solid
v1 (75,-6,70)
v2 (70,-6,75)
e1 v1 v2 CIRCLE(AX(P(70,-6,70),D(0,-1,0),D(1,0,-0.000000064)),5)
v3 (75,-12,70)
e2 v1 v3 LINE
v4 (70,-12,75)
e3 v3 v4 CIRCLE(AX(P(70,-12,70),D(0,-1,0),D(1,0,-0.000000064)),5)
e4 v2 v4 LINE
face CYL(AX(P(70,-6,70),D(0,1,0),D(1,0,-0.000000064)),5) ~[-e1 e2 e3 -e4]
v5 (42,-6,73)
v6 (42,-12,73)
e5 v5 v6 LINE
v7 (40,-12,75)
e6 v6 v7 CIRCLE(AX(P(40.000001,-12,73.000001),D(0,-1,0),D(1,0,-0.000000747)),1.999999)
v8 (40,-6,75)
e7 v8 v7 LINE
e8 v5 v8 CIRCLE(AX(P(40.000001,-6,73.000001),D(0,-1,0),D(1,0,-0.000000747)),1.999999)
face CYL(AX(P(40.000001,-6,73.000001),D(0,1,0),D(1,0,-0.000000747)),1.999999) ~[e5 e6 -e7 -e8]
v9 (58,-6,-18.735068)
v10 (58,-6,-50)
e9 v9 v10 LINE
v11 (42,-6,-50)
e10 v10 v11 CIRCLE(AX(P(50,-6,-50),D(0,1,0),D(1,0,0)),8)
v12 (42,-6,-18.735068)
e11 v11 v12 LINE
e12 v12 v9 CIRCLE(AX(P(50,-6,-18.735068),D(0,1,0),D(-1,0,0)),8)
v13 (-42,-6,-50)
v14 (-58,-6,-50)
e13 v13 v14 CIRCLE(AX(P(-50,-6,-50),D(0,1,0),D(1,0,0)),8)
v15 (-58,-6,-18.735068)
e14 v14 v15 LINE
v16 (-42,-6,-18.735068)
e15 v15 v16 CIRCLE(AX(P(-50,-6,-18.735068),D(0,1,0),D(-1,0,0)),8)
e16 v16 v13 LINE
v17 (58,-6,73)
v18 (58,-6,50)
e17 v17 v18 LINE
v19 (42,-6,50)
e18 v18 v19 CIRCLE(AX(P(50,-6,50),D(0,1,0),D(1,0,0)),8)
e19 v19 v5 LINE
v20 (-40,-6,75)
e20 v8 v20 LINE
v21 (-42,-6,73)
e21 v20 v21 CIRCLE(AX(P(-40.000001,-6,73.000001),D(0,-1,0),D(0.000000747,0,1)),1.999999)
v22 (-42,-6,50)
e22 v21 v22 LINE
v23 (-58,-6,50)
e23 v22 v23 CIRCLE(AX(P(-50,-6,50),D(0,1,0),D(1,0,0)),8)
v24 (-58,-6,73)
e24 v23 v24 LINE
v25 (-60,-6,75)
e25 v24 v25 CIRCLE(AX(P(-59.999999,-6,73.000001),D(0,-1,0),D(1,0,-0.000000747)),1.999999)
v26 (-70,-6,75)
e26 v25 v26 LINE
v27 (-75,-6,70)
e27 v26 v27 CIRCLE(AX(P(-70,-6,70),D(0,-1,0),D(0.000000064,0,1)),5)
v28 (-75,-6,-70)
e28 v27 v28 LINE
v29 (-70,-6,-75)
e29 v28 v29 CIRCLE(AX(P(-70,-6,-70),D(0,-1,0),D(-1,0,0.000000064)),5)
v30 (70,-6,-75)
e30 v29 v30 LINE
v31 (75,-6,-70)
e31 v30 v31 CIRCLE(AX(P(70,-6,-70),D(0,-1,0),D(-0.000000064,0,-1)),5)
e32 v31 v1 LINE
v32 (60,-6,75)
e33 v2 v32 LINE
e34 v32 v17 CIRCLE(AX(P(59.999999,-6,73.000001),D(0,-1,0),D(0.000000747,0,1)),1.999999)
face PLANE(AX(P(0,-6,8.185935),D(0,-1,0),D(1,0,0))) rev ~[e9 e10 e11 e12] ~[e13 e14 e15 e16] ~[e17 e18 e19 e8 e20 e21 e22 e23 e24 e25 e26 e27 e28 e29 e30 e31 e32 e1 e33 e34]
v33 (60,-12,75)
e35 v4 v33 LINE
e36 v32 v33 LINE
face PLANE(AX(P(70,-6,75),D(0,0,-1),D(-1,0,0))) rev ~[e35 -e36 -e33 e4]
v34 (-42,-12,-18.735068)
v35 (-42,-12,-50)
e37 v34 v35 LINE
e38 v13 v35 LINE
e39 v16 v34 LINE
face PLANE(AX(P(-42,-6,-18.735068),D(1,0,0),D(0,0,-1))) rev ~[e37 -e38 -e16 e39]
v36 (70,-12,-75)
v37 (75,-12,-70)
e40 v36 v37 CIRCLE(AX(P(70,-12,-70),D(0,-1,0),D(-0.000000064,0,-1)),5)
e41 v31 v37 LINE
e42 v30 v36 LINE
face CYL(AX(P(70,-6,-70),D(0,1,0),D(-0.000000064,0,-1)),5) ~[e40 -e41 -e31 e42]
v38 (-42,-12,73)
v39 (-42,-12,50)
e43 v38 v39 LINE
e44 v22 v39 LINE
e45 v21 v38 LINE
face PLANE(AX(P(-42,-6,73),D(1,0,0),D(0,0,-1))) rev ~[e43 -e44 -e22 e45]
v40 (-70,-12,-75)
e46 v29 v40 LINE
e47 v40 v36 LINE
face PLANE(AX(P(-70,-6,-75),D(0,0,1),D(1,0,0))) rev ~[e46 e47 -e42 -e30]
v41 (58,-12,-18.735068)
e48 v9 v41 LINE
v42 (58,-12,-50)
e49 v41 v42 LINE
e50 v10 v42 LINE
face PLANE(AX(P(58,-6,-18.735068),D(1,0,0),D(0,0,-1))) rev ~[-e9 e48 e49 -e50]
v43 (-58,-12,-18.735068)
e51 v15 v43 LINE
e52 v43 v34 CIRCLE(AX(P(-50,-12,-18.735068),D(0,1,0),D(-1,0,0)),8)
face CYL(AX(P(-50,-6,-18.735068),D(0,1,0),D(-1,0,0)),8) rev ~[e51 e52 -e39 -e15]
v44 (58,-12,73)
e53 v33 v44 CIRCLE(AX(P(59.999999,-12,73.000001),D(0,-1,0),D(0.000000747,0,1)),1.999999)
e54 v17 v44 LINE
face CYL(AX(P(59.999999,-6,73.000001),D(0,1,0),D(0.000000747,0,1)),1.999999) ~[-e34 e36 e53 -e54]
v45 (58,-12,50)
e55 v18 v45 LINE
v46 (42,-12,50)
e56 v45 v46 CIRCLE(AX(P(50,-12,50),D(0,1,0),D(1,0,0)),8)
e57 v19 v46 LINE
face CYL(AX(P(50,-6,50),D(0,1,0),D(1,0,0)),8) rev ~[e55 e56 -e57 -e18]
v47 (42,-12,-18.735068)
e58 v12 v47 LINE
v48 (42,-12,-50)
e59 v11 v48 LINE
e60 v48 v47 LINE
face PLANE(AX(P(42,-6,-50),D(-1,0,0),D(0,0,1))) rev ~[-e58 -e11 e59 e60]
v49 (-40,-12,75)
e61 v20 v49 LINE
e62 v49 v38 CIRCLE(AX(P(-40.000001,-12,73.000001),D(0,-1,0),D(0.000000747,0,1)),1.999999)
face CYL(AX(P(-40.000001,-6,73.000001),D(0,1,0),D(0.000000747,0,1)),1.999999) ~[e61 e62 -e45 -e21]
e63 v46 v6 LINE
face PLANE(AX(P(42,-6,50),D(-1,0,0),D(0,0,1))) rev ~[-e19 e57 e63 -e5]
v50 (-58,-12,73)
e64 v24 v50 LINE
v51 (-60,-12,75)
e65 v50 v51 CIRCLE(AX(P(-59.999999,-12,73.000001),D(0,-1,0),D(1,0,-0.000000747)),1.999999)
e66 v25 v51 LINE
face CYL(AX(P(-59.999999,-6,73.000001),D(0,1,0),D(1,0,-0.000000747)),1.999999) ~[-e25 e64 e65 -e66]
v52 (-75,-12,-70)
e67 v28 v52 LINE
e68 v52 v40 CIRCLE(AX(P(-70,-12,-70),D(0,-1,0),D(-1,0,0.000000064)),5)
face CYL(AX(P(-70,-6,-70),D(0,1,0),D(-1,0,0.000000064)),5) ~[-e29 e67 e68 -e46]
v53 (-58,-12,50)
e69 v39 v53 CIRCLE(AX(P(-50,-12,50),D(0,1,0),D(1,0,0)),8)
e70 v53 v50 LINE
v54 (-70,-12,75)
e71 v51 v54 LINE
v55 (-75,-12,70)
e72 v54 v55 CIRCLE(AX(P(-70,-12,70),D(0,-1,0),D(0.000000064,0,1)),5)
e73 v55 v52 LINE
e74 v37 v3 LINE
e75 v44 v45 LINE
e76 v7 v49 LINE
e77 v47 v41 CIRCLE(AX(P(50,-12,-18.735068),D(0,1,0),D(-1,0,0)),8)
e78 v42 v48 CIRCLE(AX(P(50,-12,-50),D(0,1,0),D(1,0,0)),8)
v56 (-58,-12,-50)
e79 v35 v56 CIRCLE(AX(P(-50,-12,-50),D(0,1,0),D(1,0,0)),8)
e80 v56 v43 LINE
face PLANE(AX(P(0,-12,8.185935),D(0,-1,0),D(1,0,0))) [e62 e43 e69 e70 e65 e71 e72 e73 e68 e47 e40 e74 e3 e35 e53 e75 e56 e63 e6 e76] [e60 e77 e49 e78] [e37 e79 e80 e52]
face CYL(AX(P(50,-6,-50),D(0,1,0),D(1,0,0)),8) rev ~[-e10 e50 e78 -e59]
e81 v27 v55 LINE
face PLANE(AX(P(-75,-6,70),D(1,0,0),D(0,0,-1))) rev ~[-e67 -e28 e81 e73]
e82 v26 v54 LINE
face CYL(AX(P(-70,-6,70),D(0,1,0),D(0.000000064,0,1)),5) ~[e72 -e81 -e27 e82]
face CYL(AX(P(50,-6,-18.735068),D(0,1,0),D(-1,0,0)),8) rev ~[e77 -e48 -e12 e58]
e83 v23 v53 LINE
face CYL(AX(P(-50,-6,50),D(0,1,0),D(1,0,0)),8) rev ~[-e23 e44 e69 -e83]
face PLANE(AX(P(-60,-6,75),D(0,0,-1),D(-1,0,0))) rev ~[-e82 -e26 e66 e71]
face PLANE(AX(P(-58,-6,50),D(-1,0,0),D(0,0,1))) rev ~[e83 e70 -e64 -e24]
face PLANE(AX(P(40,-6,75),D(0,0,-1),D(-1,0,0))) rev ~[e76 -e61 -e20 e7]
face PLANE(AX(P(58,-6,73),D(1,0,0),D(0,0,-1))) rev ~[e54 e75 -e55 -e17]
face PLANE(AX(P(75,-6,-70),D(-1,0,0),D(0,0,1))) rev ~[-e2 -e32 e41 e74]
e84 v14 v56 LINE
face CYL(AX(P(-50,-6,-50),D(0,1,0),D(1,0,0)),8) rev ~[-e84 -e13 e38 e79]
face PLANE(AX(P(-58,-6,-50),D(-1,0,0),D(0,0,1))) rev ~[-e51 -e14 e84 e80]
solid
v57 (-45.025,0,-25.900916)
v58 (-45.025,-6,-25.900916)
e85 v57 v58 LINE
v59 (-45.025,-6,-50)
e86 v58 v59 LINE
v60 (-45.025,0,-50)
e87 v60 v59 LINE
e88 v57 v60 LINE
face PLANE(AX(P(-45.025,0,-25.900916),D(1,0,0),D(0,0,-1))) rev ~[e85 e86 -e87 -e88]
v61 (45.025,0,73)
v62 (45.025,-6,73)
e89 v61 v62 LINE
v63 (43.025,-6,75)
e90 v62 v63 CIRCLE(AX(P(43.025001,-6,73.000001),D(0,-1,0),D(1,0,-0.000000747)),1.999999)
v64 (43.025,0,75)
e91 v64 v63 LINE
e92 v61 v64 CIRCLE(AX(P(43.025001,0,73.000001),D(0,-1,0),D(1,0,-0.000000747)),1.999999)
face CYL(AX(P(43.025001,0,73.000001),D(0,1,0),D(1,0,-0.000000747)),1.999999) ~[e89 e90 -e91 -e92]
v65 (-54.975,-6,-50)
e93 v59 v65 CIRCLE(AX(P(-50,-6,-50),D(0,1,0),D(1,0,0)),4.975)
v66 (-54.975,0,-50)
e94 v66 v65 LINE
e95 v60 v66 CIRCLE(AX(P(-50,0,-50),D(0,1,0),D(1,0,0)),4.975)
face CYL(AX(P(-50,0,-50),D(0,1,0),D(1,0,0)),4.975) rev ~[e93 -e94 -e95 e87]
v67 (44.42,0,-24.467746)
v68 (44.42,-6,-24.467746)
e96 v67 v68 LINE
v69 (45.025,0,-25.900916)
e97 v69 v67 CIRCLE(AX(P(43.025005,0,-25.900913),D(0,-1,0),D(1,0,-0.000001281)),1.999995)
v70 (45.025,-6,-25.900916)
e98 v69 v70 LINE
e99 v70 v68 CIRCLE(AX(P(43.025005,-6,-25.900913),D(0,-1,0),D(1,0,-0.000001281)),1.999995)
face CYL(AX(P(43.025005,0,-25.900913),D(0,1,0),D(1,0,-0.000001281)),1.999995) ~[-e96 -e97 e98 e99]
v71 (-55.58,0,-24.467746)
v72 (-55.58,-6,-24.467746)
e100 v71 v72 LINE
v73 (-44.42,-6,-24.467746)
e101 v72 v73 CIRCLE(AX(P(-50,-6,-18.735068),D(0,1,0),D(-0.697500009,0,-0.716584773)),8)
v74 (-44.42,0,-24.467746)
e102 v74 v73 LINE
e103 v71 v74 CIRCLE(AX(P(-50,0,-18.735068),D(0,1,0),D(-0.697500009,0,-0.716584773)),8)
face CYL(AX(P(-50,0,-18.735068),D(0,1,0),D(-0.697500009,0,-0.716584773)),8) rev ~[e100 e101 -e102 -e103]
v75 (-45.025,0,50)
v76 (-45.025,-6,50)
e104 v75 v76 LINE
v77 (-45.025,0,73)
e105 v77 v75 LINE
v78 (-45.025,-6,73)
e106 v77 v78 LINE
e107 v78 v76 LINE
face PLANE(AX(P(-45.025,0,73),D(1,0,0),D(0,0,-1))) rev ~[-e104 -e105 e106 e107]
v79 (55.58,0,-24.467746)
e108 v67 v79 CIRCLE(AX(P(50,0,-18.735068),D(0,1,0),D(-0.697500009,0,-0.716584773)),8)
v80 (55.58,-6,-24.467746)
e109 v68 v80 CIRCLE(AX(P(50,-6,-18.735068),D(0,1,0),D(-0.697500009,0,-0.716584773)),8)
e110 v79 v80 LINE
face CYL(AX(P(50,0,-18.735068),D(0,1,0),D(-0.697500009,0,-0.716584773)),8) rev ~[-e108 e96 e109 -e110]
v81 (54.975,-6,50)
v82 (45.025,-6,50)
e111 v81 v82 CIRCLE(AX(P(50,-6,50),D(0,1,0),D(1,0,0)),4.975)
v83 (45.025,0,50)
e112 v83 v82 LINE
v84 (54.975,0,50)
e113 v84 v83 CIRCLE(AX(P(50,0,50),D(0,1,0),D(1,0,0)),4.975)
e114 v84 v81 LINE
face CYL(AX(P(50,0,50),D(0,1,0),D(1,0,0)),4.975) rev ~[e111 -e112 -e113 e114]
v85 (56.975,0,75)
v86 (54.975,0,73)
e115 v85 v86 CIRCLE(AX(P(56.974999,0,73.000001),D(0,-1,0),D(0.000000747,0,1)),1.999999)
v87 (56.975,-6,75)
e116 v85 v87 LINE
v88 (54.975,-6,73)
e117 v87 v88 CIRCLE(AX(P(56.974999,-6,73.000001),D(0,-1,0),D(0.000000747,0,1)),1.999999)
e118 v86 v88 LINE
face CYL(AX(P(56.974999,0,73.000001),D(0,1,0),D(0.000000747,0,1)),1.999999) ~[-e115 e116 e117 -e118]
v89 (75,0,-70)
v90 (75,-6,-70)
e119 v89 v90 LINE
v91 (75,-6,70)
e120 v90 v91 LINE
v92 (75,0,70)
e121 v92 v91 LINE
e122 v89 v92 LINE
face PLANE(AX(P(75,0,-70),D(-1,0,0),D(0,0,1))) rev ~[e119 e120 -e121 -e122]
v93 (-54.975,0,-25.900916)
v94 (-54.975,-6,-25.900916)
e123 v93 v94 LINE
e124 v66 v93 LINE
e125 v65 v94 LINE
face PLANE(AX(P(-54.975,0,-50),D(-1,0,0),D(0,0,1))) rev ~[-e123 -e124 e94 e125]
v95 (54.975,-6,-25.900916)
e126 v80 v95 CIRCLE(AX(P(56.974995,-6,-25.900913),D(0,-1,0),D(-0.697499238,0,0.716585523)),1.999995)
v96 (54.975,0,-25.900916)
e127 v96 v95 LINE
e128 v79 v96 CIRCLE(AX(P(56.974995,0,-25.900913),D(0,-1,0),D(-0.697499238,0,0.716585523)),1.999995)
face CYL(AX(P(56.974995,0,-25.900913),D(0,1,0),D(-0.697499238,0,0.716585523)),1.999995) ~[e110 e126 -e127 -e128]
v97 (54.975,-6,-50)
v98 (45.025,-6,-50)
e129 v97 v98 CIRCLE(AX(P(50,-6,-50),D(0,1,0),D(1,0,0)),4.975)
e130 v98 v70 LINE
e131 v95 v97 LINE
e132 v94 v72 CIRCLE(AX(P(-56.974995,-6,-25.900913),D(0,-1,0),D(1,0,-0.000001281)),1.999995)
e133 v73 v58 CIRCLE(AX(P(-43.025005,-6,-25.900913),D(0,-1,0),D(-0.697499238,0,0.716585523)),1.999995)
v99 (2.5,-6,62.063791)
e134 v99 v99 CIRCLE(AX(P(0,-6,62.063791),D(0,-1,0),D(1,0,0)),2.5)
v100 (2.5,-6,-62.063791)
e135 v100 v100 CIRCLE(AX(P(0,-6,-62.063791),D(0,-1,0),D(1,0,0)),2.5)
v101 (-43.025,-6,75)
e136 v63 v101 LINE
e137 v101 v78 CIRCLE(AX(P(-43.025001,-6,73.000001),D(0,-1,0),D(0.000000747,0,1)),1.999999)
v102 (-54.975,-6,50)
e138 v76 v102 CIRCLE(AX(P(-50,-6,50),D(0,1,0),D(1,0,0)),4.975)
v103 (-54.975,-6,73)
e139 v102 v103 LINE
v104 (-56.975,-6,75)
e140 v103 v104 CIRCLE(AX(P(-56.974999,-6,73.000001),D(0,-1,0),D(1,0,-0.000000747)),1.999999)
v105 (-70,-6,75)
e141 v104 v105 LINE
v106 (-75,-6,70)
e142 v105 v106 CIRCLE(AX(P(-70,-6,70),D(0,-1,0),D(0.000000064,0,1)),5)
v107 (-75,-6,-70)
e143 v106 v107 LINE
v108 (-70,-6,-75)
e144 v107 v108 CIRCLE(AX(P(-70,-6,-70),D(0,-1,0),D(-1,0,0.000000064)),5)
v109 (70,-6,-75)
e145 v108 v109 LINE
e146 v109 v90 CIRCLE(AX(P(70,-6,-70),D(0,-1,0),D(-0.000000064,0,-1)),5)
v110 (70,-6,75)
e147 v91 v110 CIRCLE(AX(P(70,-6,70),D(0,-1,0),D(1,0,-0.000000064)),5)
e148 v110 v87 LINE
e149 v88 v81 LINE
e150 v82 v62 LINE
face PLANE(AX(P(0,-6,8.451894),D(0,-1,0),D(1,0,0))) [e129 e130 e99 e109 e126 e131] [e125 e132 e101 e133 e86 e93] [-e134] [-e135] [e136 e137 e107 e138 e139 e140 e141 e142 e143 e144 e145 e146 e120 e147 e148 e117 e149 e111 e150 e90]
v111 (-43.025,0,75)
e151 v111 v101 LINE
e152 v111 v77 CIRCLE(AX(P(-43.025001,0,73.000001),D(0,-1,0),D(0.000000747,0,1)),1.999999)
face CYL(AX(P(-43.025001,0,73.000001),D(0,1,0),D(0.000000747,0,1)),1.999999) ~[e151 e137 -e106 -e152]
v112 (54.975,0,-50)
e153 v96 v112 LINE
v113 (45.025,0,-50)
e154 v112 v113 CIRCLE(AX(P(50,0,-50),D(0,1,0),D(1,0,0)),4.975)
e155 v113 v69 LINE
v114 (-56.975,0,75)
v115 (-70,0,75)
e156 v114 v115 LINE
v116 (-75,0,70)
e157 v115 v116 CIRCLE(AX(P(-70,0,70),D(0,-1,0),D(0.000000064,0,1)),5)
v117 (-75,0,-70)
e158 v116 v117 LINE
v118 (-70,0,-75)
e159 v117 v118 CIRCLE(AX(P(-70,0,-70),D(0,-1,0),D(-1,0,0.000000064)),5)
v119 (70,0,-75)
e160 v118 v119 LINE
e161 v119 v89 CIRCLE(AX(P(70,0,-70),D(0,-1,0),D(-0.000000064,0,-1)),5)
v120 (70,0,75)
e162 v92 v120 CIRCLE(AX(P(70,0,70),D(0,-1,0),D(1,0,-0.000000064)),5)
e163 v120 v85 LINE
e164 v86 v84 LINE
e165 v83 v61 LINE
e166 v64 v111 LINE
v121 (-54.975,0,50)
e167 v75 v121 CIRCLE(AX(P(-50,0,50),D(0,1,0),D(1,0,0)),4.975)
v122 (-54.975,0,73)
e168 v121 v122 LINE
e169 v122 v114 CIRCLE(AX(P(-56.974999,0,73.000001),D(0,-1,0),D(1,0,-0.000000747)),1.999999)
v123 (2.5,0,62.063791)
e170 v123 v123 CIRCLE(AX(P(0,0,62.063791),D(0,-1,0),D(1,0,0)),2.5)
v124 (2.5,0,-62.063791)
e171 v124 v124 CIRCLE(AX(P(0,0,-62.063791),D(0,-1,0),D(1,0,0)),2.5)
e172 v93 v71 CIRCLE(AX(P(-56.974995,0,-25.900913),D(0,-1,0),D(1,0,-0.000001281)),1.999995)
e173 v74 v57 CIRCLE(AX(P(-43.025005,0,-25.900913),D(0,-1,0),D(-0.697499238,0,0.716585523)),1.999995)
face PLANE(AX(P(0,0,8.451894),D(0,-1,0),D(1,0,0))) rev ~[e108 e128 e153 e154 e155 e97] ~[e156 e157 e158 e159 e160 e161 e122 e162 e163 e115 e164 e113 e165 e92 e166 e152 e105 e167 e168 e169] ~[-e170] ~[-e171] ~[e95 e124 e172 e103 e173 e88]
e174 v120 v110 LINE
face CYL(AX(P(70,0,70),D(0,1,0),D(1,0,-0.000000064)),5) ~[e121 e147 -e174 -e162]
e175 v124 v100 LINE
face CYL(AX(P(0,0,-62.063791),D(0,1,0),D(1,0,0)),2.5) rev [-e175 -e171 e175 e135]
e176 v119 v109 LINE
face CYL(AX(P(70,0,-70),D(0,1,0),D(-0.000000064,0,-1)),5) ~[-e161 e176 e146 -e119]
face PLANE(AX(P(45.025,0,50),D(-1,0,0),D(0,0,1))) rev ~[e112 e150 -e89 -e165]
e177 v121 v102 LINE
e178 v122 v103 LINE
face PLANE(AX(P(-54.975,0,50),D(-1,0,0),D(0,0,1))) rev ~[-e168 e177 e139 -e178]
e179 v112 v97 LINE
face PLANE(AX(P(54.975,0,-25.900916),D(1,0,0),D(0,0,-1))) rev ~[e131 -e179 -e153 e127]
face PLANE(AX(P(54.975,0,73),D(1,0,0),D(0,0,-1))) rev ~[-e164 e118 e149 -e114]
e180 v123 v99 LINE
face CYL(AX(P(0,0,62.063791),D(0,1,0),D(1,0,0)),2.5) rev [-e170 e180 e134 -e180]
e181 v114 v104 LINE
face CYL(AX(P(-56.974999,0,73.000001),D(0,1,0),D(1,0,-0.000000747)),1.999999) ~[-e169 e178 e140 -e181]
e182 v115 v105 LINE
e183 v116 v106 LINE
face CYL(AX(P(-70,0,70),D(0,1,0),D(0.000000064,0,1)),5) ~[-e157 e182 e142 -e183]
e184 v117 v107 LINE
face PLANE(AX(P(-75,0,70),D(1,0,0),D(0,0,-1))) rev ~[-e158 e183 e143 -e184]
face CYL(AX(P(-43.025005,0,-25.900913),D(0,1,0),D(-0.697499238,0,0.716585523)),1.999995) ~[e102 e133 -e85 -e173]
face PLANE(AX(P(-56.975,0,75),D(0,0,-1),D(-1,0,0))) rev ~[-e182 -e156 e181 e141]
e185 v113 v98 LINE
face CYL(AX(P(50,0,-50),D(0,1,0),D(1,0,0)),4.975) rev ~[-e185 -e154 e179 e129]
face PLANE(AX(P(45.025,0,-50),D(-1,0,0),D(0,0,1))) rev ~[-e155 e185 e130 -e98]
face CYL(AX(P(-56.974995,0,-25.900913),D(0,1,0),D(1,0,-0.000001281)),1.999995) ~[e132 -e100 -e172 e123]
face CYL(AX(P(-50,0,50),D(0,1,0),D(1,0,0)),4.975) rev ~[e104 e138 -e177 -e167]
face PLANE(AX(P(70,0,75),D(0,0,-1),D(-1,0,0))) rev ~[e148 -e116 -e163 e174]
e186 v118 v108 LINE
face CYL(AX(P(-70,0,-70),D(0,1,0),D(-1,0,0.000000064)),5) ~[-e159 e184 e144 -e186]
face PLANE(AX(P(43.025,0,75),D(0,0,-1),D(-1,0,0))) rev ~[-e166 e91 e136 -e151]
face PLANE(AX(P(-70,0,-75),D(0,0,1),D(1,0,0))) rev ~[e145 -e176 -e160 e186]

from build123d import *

# Parameters (mm, degrees)
F0_R     = 2.5
F1_DEPTH = 6
F3_DEPTH = 6


with BuildPart() as f1:
    # F0 (on Front) → F1 (new body)
    with BuildSketch(Plane.XZ):
        with BuildLine():
            Line((-70, -75), (70, -75))
            ThreePointArc((70, -75), (73.535534, -73.535534), (75, -70))
            Line((75, -70), (75, 70))
            ThreePointArc((75, 70), (73.535534, 73.535534), (70, 75))
            Line((70, 75), (56.975, 75))
            ThreePointArc((56.975, 75), (55.560786, 74.414214), (54.975, 73))
            Line((54.975, 73), (54.975, 50))
            ThreePointArc((54.975, 50), (50, 45.025), (45.025, 50))
            Line((45.025, 50), (45.025, 73))
            ThreePointArc((45.025, 73), (44.439214, 74.414214), (43.025, 75))
            Line((43.025, 75), (-43.025, 75))
            ThreePointArc((-43.025, 75), (-44.439214, 74.414214), (-45.025, 73))
            Line((-45.025, 73), (-45.025, 50))
            ThreePointArc((-45.025, 50), (-50, 45.025), (-54.975, 50))
            Line((-54.975, 50), (-54.975, 73))
            ThreePointArc((-54.975, 73), (-55.560786, 74.414214), (-56.975, 75))
            Line((-56.975, 75), (-70, 75))
            ThreePointArc((-70, 75), (-73.535534, 73.535534), (-75, 70))
            Line((-75, 70), (-75, -70))
            ThreePointArc((-75, -70), (-73.535534, -73.535534), (-70, -75))
        make_face()
        with BuildLine():
            Line((-45.025, -25.900916), (-45.025, -50))
            ThreePointArc((-45.025, -50), (-50, -54.975), (-54.975, -50))
            Line((-54.975, -50), (-54.975, -25.900916))
            ThreePointArc((-54.975, -25.900916), (-55.132447, -25.123098), (-55.58, -24.467746))
            ThreePointArc((-55.58, -24.467746), (-50, -10.735068), (-44.42, -24.467746))
            ThreePointArc((-44.42, -24.467746), (-44.867553, -25.123098), (-45.025, -25.900916))
        make_face(mode=Mode.SUBTRACT)
        with Locations((0, -62.063791)):
            Circle(F0_R, mode=Mode.SUBTRACT)
        with BuildLine():
            ThreePointArc((54.975, -50), (50, -54.975), (45.025, -50))
            Line((45.025, -50), (45.025, -25.900916))
            ThreePointArc((45.025, -25.900916), (44.867553, -25.123098), (44.42, -24.467746))
            ThreePointArc((44.42, -24.467746), (50, -10.735068), (55.58, -24.467746))
            ThreePointArc((55.58, -24.467746), (55.132447, -25.123098), (54.975, -25.900916))
            Line((54.975, -25.900916), (54.975, -50))
        make_face(mode=Mode.SUBTRACT)
        with Locations((0, 62.063791)):
            Circle(F0_R, mode=Mode.SUBTRACT)
    extrude(amount=F1_DEPTH)


with BuildPart() as f3:
    # F2 (on face) → F3 (new body)
    with BuildSketch(Plane.XZ.offset(6)):
        with BuildLine():
            ThreePointArc((-42, 50), (-50, 42), (-58, 50))
            Line((-58, 50), (-58, 73))
            ThreePointArc((-58, 73), (-58.585786, 74.414214), (-60, 75))
            Line((-60, 75), (-70, 75))
            ThreePointArc((-70, 75), (-73.535534, 73.535534), (-75, 70))
            Line((-75, 70), (-75, -70))
            ThreePointArc((-75, -70), (-73.535534, -73.535534), (-70, -75))
            Line((-70, -75), (70, -75))
            ThreePointArc((70, -75), (73.535534, -73.535534), (75, -70))
            Line((75, -70), (75, 70))
            ThreePointArc((75, 70), (73.535534, 73.535534), (70, 75))
            Line((70, 75), (60, 75))
            ThreePointArc((60, 75), (58.585786, 74.414214), (58, 73))
            Line((58, 73), (58, 50))
            ThreePointArc((58, 50), (50, 42), (42, 50))
            Line((42, 50), (42, 73))
            ThreePointArc((42, 73), (41.414214, 74.414214), (40, 75))
            Line((40, 75), (-40, 75))
            ThreePointArc((-40, 75), (-41.414214, 74.414214), (-42, 73))
            Line((-42, 73), (-42, 50))
        make_face()
        with BuildLine():
            ThreePointArc((-58, -18.735068), (-50, -10.735068), (-42, -18.735068))
            Line((-42, -18.735068), (-42, -50))
            ThreePointArc((-42, -50), (-50, -58), (-58, -50))
            Line((-58, -50), (-58, -18.735068))
        make_face(mode=Mode.SUBTRACT)
        with BuildLine():
            Line((42, -50), (42, -18.735068))
            ThreePointArc((42, -18.735068), (50, -10.735068), (58, -18.735068))
            Line((58, -18.735068), (58, -50))
            ThreePointArc((58, -50), (50, -58), (42, -50))
        make_face(mode=Mode.SUBTRACT)
    extrude(amount=F3_DEPTH)


solid = Compound([f1.part, f3.part])
